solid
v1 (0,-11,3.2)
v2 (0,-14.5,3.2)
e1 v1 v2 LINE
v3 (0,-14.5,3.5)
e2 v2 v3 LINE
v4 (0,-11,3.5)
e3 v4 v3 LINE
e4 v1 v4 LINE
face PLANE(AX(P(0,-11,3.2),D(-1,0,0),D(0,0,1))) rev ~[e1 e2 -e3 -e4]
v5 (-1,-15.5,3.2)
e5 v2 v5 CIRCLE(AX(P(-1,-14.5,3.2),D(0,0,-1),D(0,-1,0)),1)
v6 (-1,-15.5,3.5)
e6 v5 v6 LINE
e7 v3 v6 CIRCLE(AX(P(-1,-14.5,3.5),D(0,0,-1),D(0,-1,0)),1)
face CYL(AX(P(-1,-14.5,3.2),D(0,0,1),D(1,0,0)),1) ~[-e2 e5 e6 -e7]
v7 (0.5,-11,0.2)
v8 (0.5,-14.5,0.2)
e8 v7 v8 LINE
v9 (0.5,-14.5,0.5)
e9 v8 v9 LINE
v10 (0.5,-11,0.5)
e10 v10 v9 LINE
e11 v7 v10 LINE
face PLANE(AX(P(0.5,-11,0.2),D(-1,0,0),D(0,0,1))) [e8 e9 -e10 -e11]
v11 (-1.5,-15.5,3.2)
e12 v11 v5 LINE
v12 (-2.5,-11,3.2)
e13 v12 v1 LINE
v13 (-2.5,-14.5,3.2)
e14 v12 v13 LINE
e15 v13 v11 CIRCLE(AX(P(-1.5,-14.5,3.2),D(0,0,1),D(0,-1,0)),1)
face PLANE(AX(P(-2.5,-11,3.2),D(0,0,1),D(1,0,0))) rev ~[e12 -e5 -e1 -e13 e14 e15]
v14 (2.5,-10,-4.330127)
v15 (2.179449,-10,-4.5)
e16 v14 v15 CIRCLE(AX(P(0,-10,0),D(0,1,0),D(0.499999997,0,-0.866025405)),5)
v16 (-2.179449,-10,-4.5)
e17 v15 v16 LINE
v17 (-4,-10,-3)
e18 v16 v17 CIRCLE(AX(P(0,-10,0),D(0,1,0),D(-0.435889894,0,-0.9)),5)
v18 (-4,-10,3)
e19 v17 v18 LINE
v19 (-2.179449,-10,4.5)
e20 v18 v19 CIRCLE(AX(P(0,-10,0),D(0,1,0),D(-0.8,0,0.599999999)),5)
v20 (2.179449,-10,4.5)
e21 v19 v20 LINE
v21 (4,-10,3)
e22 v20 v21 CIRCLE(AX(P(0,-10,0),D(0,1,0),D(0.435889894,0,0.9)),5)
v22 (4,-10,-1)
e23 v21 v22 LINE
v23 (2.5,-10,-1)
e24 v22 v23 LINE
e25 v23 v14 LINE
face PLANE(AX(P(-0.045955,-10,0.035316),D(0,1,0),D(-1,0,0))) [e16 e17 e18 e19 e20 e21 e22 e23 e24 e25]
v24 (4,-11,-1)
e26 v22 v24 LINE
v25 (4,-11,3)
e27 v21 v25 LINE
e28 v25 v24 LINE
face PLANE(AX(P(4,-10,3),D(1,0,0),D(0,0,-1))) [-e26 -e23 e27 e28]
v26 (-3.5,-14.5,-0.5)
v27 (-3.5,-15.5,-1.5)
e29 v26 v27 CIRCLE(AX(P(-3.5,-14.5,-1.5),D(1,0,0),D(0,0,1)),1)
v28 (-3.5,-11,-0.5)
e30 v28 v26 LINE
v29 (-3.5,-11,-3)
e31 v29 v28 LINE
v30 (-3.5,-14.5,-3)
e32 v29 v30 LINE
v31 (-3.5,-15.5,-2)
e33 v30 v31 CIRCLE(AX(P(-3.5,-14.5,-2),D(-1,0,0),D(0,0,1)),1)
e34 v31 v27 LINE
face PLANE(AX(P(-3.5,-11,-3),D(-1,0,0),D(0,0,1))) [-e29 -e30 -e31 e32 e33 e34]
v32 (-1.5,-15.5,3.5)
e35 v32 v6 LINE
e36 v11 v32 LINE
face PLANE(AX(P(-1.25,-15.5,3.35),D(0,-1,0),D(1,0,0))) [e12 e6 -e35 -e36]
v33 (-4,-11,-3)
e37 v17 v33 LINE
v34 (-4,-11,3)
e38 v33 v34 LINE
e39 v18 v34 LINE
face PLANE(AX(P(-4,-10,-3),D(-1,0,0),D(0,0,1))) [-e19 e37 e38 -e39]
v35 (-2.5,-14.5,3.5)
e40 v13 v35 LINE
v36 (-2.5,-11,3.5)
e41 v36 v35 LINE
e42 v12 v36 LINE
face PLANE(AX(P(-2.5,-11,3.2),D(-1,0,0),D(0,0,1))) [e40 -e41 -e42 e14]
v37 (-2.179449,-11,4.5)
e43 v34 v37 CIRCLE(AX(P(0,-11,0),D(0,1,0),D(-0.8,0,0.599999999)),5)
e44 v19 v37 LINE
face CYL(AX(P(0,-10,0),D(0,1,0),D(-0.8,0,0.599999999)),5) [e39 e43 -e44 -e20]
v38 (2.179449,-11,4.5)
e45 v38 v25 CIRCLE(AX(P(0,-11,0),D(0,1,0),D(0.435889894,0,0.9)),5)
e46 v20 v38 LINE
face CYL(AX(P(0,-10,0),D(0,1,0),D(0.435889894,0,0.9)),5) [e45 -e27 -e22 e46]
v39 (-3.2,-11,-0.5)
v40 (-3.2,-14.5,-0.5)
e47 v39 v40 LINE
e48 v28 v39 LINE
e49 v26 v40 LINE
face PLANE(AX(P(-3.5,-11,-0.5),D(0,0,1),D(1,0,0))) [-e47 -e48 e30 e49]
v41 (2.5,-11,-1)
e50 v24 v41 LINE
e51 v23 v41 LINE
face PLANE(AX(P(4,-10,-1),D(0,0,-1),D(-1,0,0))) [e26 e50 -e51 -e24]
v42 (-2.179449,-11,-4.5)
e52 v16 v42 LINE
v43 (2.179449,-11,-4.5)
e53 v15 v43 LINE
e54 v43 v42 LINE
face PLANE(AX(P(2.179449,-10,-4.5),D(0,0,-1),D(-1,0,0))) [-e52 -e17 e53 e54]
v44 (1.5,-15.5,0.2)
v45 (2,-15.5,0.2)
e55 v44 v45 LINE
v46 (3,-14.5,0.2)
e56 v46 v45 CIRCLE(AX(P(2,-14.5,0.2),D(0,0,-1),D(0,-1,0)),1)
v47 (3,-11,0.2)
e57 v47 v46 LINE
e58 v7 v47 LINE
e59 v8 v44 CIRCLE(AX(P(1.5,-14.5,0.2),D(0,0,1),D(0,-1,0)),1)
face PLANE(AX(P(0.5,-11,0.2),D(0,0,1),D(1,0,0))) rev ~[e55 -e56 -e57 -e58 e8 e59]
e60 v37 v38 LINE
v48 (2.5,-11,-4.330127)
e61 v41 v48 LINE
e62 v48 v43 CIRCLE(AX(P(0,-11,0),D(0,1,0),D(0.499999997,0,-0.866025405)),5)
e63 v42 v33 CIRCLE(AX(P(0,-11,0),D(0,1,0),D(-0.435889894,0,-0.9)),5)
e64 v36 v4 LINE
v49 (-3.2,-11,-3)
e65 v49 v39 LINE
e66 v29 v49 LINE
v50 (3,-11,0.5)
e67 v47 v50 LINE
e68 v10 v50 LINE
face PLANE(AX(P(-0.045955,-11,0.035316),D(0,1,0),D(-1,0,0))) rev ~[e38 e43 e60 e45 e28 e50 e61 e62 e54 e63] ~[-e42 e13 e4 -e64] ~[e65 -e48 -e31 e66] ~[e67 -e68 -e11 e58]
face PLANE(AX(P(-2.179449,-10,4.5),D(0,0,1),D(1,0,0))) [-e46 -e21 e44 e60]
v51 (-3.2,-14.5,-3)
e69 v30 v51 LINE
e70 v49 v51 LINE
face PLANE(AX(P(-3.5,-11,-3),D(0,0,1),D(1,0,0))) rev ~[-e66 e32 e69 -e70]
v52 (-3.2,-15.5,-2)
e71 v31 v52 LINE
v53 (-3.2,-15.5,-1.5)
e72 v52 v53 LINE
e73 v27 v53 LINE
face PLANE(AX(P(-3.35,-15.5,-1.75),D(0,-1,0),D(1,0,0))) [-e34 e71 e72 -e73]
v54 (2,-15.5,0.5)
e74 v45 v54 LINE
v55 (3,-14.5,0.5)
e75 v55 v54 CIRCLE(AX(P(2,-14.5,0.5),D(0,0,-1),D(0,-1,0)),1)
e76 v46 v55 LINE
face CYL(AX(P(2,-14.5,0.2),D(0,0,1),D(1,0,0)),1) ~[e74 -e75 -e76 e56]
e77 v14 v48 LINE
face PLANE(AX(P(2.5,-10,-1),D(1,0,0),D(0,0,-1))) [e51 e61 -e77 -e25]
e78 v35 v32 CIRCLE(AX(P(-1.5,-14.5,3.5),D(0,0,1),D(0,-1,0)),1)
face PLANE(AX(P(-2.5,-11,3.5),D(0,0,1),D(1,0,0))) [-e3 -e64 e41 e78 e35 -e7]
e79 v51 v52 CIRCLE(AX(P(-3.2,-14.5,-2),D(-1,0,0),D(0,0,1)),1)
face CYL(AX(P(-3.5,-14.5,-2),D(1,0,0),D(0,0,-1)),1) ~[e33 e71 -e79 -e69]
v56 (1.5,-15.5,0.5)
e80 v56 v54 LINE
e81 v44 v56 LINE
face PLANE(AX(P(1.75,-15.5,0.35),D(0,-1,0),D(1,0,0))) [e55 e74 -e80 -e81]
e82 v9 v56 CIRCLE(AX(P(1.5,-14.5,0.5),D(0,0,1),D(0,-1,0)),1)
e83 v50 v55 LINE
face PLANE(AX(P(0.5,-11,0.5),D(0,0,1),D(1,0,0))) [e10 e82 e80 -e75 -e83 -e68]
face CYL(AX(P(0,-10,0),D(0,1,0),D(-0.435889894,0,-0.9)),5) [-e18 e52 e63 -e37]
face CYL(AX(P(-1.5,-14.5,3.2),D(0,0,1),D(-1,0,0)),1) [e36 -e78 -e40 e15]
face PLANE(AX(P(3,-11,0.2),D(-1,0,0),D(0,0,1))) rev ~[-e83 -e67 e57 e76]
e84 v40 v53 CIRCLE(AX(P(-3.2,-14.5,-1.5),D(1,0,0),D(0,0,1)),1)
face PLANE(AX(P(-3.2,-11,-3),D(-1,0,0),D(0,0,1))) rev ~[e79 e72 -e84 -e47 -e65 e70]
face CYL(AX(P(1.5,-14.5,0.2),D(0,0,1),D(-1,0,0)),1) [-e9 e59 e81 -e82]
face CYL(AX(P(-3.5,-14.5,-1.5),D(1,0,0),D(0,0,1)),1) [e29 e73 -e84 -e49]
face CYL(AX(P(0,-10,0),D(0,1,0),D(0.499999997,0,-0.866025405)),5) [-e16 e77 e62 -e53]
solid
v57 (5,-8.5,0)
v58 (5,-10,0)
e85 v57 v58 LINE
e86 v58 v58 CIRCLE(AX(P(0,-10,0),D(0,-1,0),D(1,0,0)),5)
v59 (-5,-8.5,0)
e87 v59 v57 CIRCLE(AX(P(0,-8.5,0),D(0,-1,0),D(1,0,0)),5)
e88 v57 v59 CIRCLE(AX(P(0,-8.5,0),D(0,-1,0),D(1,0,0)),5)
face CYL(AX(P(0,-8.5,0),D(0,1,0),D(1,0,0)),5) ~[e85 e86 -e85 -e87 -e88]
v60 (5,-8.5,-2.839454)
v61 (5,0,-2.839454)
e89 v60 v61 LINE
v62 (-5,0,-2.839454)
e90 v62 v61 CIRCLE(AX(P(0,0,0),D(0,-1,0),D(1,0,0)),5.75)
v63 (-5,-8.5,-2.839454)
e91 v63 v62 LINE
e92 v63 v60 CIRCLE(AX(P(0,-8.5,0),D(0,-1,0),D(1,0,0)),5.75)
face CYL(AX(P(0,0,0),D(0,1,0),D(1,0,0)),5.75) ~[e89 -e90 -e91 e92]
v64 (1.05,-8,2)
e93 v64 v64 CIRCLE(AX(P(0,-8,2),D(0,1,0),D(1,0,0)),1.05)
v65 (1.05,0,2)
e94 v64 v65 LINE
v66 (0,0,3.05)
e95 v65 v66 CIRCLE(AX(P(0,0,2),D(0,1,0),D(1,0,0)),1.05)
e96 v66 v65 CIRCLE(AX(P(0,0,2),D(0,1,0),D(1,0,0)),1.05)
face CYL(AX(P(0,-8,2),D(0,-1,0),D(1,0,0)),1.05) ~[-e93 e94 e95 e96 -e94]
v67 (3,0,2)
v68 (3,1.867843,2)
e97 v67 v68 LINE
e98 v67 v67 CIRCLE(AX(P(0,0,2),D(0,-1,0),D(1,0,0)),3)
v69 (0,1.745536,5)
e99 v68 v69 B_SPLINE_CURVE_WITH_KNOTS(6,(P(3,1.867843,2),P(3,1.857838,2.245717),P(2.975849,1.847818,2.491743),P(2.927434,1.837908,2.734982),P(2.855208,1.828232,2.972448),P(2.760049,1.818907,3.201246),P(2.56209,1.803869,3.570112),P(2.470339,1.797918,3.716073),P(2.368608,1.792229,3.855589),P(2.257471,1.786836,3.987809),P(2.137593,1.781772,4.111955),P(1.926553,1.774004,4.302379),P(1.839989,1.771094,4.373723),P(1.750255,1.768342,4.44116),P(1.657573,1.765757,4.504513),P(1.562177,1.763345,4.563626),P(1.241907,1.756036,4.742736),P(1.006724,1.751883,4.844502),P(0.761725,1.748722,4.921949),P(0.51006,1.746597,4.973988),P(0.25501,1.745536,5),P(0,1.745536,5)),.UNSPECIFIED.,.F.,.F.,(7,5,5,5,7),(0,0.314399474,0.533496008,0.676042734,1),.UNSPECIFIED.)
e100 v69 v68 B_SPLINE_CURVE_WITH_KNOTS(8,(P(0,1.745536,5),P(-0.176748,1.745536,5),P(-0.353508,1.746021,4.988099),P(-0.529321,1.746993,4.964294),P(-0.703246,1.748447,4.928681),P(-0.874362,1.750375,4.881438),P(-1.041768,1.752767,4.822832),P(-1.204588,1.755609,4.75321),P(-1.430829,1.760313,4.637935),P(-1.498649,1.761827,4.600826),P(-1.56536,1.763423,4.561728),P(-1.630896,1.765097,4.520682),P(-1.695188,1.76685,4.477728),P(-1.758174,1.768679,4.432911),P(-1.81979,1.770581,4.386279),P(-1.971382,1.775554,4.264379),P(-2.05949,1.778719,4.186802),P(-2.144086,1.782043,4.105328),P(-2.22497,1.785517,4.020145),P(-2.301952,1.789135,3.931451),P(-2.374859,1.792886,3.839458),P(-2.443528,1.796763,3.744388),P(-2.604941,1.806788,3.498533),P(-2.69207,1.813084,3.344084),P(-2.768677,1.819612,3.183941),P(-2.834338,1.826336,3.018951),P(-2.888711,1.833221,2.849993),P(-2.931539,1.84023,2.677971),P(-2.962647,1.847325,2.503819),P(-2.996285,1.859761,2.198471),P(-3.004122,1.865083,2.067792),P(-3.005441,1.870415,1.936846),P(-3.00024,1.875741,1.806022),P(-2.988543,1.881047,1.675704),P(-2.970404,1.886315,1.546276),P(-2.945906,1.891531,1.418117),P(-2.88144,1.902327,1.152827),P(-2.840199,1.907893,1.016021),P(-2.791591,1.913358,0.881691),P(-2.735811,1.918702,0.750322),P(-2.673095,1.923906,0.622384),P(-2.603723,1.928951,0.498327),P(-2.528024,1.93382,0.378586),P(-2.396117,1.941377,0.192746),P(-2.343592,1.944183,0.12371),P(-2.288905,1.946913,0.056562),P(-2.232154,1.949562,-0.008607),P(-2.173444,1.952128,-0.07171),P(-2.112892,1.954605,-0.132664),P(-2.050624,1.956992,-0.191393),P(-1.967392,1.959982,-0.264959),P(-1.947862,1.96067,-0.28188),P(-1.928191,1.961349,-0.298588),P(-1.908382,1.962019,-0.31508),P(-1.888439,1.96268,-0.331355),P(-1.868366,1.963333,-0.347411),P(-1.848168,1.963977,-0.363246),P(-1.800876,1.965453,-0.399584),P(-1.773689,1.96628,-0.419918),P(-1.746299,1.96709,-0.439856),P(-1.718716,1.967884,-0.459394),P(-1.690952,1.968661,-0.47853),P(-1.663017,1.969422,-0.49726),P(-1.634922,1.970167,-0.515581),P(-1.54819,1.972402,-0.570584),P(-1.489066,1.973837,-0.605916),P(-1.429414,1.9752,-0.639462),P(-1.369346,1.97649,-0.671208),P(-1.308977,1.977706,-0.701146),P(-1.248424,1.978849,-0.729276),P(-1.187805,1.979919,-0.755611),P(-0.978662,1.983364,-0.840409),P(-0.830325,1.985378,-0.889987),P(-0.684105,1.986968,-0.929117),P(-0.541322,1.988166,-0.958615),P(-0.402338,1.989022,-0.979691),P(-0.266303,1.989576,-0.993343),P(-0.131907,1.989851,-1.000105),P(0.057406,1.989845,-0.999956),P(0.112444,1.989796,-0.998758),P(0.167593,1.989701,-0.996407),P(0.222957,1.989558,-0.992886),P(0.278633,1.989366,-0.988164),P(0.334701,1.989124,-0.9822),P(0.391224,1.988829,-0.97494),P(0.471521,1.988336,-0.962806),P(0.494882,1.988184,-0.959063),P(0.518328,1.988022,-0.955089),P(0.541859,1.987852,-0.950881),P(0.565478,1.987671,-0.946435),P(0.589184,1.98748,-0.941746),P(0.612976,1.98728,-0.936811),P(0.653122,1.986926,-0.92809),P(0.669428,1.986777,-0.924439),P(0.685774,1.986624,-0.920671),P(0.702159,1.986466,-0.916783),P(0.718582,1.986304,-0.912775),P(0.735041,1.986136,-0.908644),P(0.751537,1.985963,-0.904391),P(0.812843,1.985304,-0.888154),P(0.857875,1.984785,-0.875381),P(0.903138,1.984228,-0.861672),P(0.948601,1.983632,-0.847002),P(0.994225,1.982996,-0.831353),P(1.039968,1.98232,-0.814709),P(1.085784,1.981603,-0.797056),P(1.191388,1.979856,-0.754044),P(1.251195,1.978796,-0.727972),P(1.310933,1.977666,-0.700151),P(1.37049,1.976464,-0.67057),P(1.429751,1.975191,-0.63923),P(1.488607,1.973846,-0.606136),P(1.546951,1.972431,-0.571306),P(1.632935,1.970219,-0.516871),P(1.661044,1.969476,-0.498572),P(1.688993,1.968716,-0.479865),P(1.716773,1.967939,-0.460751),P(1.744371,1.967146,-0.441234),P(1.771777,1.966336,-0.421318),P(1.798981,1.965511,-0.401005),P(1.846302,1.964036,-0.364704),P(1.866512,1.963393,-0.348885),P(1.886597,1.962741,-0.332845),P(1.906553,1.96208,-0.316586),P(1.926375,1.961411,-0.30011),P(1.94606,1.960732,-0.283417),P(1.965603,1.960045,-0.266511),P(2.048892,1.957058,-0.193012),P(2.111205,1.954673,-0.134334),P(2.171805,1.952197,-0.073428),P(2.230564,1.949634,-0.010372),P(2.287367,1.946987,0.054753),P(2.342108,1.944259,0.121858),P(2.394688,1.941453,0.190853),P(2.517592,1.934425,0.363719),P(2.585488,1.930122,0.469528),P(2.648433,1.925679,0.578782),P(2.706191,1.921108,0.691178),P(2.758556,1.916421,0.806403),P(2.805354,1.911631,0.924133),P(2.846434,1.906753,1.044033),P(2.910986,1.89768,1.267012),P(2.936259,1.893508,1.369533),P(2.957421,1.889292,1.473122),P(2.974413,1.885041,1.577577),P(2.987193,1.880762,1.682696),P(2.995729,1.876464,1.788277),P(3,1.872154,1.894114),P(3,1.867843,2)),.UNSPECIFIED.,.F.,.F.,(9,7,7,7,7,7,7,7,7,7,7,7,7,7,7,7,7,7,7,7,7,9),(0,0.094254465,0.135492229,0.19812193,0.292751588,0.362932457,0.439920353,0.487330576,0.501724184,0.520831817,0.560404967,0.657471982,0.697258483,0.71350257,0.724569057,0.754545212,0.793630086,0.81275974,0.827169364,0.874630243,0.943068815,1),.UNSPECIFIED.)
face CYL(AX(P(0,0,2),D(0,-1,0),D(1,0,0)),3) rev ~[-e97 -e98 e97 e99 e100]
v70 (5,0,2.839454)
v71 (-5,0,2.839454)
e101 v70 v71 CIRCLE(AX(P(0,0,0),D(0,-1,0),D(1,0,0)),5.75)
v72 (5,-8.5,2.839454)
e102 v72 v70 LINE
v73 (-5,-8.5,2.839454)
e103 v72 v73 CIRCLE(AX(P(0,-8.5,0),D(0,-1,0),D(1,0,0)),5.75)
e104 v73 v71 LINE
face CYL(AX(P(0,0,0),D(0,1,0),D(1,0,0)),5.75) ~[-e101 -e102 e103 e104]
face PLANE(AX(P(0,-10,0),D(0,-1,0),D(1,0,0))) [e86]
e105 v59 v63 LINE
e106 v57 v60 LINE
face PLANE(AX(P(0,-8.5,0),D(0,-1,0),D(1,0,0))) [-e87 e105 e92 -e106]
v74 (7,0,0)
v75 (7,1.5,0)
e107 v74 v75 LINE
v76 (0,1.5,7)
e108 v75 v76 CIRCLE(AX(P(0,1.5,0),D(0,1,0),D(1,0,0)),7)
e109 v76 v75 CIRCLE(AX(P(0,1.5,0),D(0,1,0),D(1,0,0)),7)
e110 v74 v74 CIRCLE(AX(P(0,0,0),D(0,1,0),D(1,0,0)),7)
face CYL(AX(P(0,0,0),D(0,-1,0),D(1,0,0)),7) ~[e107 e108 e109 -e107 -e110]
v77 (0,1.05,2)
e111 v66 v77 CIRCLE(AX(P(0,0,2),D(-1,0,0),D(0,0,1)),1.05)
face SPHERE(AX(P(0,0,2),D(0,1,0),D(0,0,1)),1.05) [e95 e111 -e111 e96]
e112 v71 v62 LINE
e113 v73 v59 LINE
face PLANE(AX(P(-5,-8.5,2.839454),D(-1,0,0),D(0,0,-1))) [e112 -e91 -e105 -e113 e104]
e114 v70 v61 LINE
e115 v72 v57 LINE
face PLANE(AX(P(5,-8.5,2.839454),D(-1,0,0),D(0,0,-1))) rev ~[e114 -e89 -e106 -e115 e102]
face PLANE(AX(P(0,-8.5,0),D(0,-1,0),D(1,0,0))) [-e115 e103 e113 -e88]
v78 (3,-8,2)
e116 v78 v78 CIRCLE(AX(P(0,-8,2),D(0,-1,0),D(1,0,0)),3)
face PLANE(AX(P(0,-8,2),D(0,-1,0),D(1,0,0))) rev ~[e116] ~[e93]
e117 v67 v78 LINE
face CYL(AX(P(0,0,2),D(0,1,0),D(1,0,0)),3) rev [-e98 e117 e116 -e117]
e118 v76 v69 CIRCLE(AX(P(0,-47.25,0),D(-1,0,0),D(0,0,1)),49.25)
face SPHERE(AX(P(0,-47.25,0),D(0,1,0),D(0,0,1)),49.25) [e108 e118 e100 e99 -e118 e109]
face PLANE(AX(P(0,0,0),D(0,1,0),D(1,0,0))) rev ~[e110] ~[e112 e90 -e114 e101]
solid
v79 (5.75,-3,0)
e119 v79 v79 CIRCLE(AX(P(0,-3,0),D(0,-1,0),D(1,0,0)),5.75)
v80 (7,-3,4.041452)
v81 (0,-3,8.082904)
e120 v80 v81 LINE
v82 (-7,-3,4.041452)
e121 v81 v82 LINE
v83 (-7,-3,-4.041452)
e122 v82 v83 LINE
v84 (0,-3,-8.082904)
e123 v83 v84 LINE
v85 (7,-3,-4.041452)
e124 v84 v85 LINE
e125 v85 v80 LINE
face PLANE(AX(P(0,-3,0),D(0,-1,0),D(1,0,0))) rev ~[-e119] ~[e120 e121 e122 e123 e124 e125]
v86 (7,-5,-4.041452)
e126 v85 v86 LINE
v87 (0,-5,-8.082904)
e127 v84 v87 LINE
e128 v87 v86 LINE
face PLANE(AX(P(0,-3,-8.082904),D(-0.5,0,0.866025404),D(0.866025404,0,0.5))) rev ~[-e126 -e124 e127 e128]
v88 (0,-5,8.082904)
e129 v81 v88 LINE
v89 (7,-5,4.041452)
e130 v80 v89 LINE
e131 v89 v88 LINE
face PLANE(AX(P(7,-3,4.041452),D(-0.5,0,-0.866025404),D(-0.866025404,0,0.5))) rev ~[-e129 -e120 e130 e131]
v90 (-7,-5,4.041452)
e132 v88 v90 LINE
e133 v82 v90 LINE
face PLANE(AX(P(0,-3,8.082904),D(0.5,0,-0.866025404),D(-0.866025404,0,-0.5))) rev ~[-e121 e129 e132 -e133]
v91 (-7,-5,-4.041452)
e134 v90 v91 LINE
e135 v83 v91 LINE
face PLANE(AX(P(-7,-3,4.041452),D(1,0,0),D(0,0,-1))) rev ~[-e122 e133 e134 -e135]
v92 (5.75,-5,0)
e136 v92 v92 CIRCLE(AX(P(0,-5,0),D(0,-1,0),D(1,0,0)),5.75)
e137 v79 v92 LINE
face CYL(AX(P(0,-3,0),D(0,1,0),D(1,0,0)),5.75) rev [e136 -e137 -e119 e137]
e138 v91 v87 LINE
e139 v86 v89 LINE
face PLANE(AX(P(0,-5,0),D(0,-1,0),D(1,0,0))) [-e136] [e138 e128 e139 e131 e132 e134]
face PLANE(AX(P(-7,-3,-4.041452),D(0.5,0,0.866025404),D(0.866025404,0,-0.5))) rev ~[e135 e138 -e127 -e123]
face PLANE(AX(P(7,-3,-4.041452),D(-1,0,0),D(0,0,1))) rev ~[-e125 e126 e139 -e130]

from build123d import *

# Parameters (mm, degrees)
SKETCH1_R               = 7
BOSS_EXTRUDE1_DEPTH     = 1.5
DOME1_FACE_RADIUS       = 7
DOME1_HEIGHT            = 0.5
SKETCH2_R               = 5.75
BOSS_EXTRUDE2_DEPTH     = 8.5
SKETCH3_R               = 5
BOSS_EXTRUDE3_DEPTH     = 1.5
CUT_EXTRUDE1_DEPTH      = 8.5
BOSS_EXTRUDE5_DEPTH     = 1
SKETCH6_R               = 3
CUT_EXTRUDE2_DEPTH      = 8
CUT_EXTRUDE2_DEPTH_BACK = 3
SKETCH7_R               = 1.05
BOSS_EXTRUDE6_DEPTH     = 8
DOME2_FACE_RADIUS       = 1.05
DOME2_HEIGHT            = 1.05
BOSS_EXTRUDE7_START     = 3
SKETCH8_R               = 5.75
BOSS_EXTRUDE7_DEPTH     = 2
SKETCH9_W               = 2.5
SKETCH9_H               = 0.3
SKETCH9_W_2             = 0.3
SKETCH9_H_2             = 2.5
BOSS_EXTRUDE8_DEPTH     = 4.5
FILLET1_R               = 1


with BuildPart() as part:
    # Sketch1 → Boss-Extrude1 (new body)
    with BuildSketch(Plane(origin=(0, 0, 0), x_dir=(1, 0, 0), z_dir=(0, 1, 0))):
        Circle(SKETCH1_R)
    extrude(amount=BOSS_EXTRUDE1_DEPTH)

    # Dome1: a dome of height H over a round flat face of radius A is a cap of a sphere of radius (A * A + H * H) / (2 * H)
    dome1_r = (DOME1_FACE_RADIUS * DOME1_FACE_RADIUS + DOME1_HEIGHT * DOME1_HEIGHT) / (2 * DOME1_HEIGHT)
    dome1_base = Plane((0, 1.5, 0), z_dir=(0, 1, 0))
    with Locations(dome1_base.offset(DOME1_HEIGHT - dome1_r)):
        dome1_ball = Sphere(dome1_r, mode=Mode.PRIVATE)
    add(split(dome1_ball, bisect_by=dome1_base, keep=Keep.TOP, mode=Mode.PRIVATE))

    # Sketch2 → Boss-Extrude2 (add)
    with BuildSketch(Plane.XZ):
        Circle(SKETCH2_R)
    extrude(amount=BOSS_EXTRUDE2_DEPTH)

    # Sketch3 → Boss-Extrude3 (add)
    with BuildSketch(Plane.XZ.offset(8.5)):
        Circle(SKETCH3_R)
    extrude(amount=BOSS_EXTRUDE3_DEPTH)

    # Sketch4 → Cut-Extrude1 (cut)
    with BuildSketch(Plane.XZ.offset(8.5)):
        with BuildLine():
            Line((-5, 2.839454173), (-5, -2.839454173))
            ThreePointArc((-5, -2.839454173), (-5.75, 0), (-5, 2.839454173))
        make_face()
        with BuildLine():
            Line((5, 2.839454173), (5, -2.839454173))
            ThreePointArc((5, -2.839454173), (5.75, 0), (5, 2.839454173))
        make_face()
    extrude(amount=-CUT_EXTRUDE1_DEPTH, mode=Mode.SUBTRACT)

    # Sketch6 → Cut-Extrude2 (cut, two sides)
    with BuildSketch(Plane.XZ) as cut_extrude2_sk:
        with Locations((0, 2)):
            Circle(SKETCH6_R)
    extrude(amount=CUT_EXTRUDE2_DEPTH, mode=Mode.SUBTRACT)
    extrude(cut_extrude2_sk.sketch, amount=-CUT_EXTRUDE2_DEPTH_BACK, mode=Mode.SUBTRACT)

    # Sketch7 → Boss-Extrude6 (add)
    with BuildSketch(Plane(origin=(0, -8, 0), x_dir=(1, 0, 0), z_dir=(0, 1, 0))):
        with Locations((0, -2)):
            Circle(SKETCH7_R)
    extrude(amount=BOSS_EXTRUDE6_DEPTH)

    # Dome2: a dome of height H over a round flat face of radius A is a cap of a sphere of radius (A * A + H * H) / (2 * H)
    dome2_r = (DOME2_FACE_RADIUS * DOME2_FACE_RADIUS + DOME2_HEIGHT * DOME2_HEIGHT) / (2 * DOME2_HEIGHT)
    dome2_base = Plane((0, 0, 2), z_dir=(0, 1, 0))
    with Locations(dome2_base.offset(DOME2_HEIGHT - dome2_r)):
        dome2_ball = Sphere(dome2_r, mode=Mode.PRIVATE)
    add(split(dome2_ball, bisect_by=dome2_base, keep=Keep.TOP, mode=Mode.PRIVATE))


with BuildPart() as body_2:
    # Sketch5 → Boss-Extrude5 (new body)
    with BuildSketch(Plane.XZ.offset(10)):
        with BuildLine():
            Line((-2.179449472, 4.5), (2.179449472, 4.5))
            ThreePointArc((2.179449472, 4.5), (3.179449472, 3.858898944), (4, 3))
            Line((4, 3), (4, -1))
            Line((4, -1), (2.5, -1))
            Line((2.5, -1), (2.5, -4.330127019))
            ThreePointArc((2.5, -4.330127019), (2.341265907, -4.417971701), (2.179449472, -4.5))
            Line((2.179449472, -4.5), (-2.179449472, -4.5))
            ThreePointArc((-2.179449472, -4.5), (-3.179449472, -3.858898944), (-4, -3))
            Line((-4, -3), (-4, 3))
            ThreePointArc((-4, 3), (-3.179449472, 3.858898944), (-2.179449472, 4.5))
        make_face()
    extrude(amount=BOSS_EXTRUDE5_DEPTH)

    # Sketch9 → Boss-Extrude8 (add)
    with BuildSketch(Plane.XZ.offset(11)):
        with Locations((-1.25, 3.35)):
            Rectangle(SKETCH9_W, SKETCH9_H)
        with Locations((1.75, 0.35)):
            Rectangle(SKETCH9_W, SKETCH9_H)
        with Locations((-3.35, -1.75)):
            Rectangle(SKETCH9_W_2, SKETCH9_H_2)
    extrude(amount=BOSS_EXTRUDE8_DEPTH)

    # Fillet1
    fillet1_edges = [body_2.edges().sort_by_distance(p)[0] for p in [
        (-2.5, -15.5, 3.35),
        (0, -15.5, 3.35),
        (0.5, -15.5, 0.35),
        (3, -15.5, 0.35),
        (-3.35, -15.5, -3),
        (-3.35, -15.5, -0.5),
    ]]
    fillet(fillet1_edges, radius=FILLET1_R)


with BuildPart() as body_3:
    # Sketch8 → Boss-Extrude7 (new body)
    with BuildSketch(Plane.XZ.offset(BOSS_EXTRUDE7_START)):
        Polygon((7, -4.041451884), (7, 4.041451884), (0, 8.082903769), (-7, 4.041451884), (-7, -4.041451884), (0, -8.082903769), align=None)
        Circle(SKETCH8_R, mode=Mode.SUBTRACT)
    extrude(amount=BOSS_EXTRUDE7_DEPTH)


solid = Compound([part.part, body_2.part, body_3.part])
